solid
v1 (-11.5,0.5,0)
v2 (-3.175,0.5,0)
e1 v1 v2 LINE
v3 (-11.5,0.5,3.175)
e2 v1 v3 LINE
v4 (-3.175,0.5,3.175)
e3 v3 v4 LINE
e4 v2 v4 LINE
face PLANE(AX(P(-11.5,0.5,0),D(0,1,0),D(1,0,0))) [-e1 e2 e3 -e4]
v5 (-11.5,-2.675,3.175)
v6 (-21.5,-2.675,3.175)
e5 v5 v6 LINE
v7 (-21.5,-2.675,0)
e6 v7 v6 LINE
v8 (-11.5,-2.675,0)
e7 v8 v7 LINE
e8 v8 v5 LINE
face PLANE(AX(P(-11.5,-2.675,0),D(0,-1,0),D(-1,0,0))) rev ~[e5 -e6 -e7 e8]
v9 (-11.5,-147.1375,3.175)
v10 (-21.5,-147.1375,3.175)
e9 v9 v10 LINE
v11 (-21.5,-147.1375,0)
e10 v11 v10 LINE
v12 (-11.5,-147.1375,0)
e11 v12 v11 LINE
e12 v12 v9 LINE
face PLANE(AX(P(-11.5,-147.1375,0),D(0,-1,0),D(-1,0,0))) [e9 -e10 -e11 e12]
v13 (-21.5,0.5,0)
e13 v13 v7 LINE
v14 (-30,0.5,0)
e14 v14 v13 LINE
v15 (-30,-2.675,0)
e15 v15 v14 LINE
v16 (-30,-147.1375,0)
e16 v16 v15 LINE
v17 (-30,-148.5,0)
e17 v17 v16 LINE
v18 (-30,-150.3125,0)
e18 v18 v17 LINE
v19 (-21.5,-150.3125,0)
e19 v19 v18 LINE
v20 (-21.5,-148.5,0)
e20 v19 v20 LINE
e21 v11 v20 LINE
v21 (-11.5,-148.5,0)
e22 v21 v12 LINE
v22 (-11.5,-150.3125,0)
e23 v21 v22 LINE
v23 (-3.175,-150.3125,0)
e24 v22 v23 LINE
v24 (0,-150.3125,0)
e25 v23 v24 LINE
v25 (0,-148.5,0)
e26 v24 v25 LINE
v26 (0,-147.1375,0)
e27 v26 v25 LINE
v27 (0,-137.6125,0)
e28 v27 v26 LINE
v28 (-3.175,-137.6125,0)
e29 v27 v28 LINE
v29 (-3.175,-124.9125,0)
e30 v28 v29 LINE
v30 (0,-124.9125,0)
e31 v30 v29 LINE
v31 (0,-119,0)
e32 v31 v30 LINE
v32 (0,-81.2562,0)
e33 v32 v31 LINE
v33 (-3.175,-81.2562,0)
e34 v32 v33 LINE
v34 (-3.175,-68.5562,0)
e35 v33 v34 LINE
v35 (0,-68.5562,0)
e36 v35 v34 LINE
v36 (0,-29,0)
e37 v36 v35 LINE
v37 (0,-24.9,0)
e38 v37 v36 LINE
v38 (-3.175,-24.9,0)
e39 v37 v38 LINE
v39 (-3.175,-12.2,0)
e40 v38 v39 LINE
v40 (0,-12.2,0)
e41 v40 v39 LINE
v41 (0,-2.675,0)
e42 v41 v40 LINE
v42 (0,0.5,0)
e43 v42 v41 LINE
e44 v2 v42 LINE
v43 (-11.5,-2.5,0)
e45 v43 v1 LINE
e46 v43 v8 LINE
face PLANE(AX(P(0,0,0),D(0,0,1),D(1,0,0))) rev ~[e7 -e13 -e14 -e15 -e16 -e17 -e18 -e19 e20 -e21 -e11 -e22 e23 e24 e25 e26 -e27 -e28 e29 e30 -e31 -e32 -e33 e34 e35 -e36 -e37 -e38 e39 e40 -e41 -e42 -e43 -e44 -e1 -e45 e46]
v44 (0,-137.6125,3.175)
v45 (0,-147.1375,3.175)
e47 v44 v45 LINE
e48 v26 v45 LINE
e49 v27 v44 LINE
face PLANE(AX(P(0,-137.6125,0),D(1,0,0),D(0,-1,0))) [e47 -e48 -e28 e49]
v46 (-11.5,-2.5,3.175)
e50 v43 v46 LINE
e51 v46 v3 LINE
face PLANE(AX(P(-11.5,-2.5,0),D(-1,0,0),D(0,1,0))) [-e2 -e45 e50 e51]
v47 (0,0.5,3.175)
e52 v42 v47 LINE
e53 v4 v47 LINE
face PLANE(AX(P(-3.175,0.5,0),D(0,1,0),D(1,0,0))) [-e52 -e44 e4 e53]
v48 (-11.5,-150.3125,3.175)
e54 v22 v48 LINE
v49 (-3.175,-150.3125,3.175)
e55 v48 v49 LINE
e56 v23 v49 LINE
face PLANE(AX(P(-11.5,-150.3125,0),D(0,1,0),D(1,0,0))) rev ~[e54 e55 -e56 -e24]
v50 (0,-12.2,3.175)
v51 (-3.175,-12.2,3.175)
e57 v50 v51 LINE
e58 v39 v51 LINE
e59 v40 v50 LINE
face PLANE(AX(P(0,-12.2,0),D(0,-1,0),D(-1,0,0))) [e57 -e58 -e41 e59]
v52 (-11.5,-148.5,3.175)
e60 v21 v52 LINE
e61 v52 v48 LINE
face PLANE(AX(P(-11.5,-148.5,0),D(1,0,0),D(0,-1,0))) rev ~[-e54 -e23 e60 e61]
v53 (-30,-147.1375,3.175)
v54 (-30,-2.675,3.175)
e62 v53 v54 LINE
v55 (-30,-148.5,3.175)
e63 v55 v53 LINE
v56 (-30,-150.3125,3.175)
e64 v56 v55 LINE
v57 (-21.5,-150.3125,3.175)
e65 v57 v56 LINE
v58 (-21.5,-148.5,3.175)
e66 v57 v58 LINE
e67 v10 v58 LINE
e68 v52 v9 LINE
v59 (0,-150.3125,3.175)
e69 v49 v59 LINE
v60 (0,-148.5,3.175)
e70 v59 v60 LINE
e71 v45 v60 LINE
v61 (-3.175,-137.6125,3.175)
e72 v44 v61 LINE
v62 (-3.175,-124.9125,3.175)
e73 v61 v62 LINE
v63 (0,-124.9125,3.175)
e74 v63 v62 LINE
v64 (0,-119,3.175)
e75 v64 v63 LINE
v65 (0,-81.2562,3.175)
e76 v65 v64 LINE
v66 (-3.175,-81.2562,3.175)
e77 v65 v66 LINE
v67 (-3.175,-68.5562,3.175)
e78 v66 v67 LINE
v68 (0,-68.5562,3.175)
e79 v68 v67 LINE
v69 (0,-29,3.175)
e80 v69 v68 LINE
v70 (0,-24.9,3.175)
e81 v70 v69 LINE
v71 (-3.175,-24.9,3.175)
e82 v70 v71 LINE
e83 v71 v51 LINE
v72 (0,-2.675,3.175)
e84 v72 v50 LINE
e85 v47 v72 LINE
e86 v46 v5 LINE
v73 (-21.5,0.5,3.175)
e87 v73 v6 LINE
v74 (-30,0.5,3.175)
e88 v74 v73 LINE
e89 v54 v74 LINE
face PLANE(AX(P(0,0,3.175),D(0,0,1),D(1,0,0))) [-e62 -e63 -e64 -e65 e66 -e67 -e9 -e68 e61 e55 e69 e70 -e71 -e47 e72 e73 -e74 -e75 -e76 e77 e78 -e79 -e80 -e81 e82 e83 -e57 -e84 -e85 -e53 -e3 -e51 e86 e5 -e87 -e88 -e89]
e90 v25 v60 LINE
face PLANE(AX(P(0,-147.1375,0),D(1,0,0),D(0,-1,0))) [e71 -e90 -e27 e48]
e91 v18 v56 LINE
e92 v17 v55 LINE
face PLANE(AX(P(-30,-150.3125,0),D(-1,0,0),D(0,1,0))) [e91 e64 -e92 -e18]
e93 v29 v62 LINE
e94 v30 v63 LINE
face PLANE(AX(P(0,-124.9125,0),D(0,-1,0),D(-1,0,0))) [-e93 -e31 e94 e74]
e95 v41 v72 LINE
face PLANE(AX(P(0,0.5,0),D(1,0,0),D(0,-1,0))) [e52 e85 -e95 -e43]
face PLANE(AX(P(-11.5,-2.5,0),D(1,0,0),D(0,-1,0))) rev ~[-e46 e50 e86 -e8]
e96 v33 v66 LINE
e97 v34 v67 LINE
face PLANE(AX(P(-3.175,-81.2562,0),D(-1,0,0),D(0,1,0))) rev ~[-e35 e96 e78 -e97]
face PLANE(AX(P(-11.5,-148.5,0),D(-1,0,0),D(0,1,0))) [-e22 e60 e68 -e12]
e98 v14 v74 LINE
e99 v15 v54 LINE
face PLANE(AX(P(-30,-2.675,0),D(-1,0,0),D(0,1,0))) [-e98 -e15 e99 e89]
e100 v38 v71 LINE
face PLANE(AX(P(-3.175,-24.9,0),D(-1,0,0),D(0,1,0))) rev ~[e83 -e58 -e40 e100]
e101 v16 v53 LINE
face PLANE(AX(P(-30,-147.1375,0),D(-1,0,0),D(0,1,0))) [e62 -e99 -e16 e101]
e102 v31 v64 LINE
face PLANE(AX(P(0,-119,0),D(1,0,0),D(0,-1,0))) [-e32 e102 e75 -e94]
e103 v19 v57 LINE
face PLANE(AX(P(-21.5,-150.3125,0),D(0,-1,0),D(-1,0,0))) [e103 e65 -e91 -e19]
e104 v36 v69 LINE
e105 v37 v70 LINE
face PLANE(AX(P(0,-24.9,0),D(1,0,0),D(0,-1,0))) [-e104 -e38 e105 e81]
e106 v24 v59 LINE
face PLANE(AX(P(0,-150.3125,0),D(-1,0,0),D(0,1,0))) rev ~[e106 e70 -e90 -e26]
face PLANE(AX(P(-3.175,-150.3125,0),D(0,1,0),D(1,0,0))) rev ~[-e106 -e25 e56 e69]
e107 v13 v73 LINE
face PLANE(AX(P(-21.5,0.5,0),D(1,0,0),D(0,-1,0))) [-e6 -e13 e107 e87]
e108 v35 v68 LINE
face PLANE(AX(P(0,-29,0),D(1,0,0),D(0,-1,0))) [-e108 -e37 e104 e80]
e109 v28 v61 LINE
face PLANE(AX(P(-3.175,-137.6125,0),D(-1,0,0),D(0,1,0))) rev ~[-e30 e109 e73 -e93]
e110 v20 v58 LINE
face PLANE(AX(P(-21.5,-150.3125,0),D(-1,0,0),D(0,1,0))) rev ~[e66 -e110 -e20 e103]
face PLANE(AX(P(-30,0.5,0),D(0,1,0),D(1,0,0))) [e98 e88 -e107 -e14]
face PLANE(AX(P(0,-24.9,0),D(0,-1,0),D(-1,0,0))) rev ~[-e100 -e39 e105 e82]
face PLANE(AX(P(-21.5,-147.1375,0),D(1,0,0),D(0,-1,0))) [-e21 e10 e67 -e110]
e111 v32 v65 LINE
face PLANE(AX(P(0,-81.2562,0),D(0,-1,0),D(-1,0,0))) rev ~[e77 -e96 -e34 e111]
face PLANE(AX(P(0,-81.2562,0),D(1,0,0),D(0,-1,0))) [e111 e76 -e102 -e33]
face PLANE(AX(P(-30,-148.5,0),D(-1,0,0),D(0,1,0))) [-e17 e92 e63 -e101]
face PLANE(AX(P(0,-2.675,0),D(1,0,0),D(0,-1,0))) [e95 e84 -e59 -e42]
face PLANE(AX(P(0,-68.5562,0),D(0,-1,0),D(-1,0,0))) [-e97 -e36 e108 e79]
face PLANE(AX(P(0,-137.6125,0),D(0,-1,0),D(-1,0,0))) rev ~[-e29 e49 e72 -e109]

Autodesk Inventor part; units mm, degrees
ref_plane "YZ Plane" through (0, 0, 0) normal (1, 0, 0) x (0, 1, 0)
ref_plane "XZ Plane" through (0, 0, 0) normal (0, 1, 0) x (-1, 0, 0)
ref_plane "XY Plane" through (0, 0, 0) normal (0, 0, 1) x (1, 0, 0)
sketch "Sketch1" plane through (0, 0, 0) normal (0, 0, 1) x (1, 0, 0)
  line L0 (-21.5, -147.1375) -> (-21.5, -148.5)
  line L1 (-30, -148.5) -> (-30, 0.5)
  line L2 (-30, 0.5) -> (-21.5, 0.5)
  line L3 (-21.5, 0.5) -> (-21.5, -2.675)
  line L4 (-11.5, -2.5) -> (-11.5, 0.5)
  line L5 (-11.5, 0.5) -> (0, 0.5)
  line L6 (0, 0.5) -> (0, -12.2)
  line L7 (0, -29) -> (0, -68.5562)
  line L8 (0, -81.2562) -> (0, -119)
  line L9 (0, -137.6125) -> (0, -148.5)
  line L10 (-11.5, -148.5) -> (-11.5, -147.1375)
  line L11 (-21.5, -147.1375) -> (-21.5, -148.5)
  line L12 (-30, -148.5) -> (-30, 0.5)
  line L13 (-30, 0.5) -> (-21.5, 0.5)
  line L14 (-21.5, 0.5) -> (-21.5, -2.675)
  line L15 (-11.5, -2.5) -> (-11.5, 0.5)
  line L16 (-11.5, 0.5) -> (0, 0.5)
  line L17 (0, 0.5) -> (0, -12.2)
  line L18 (0, -29) -> (0, -68.5562)
  line L19 (0, -81.2562) -> (0, -119)
  line L20 (0, -137.6125) -> (0, -148.5)
  line L21 (-11.5, -148.5) -> (-11.5, -147.1375)
  line L22 (-30, -150.3125) -> (-30, 0.5)
  line L23 (-11.5, -147.1375) -> (-11.5, -150.3125)
  line L24 (-21.5, -150.3125) -> (-21.5, -147.1375)
  line L25 (-11.5, -150.3125) -> (0, -150.3125)
  line L26 (0, -150.3125) -> (0, -147.1375)
  line L27 (-11.5, -147.1375) -> (-21.5, -147.1375)
  line L28 (-30, -147.1375) -> (-30, -150.3125)
  line L29 (0, -150.3125) -> (-11.5, -150.3125)
  line L30 (-21.5, -150.3125) -> (-30, -150.3125)
  line L31 (-30, 0.5) -> (-21.5, 0.5)
  line L32 (-11.5, 0.5) -> (0, 0.5)
  line L33 (0, 0.5) -> (0, -2.675)
  line L34 (-11.5, -2.675) -> (-21.5, -2.675)
  line L35 (-30, -2.675) -> (-30, 0.5)
  line L36 (-11.5, 0.5) -> (-11.5, -2.675)
  line L37 (-11.5, -2.675) -> (-21.5, -2.675)
  line L38 (-21.5, -2.675) -> (-21.5, 0.5)
  line L39 (-30, 0.5) -> (-21.5, 0.5)
  line L40 (-11.5, 0.5) -> (0, 0.5)
  line L41 (0, 0.5) -> (-3.175, 0.5)
  line L42 (-3.175, -150.3125) -> (0, -150.3125)
  line L43 (-3.175, 0.5) -> (0, 0.5)
  line L44 (0, 0.5) -> (0, -12.2)
  line L45 (0, -12.2) -> (-3.175, -12.2)
  line L46 (-3.175, -12.2) -> (0, -12.2)
  line L47 (0, -24.9) -> (-3.175, -24.9)
  line L48 (-3.175, -24.9) -> (-3.175, -12.2)
  line L49 (-3.175, -24.9) -> (0, -24.9)
  line L50 (0, -24.9) -> (0, -68.5562)
  line L51 (0, -68.5562) -> (-3.175, -68.5562)
  line L52 (-3.175, -68.5562) -> (0, -68.5562)
  line L53 (0, -81.2562) -> (-3.175, -81.2562)
  line L54 (-3.175, -81.2562) -> (-3.175, -68.5562)
  line L55 (-3.175, -81.2562) -> (0, -81.2562)
  line L56 (0, -81.2562) -> (0, -124.9125)
  line L57 (0, -124.9125) -> (-3.175, -124.9125)
  line L58 (-3.175, -124.9125) -> (0, -124.9125)
  line L59 (0, -137.6125) -> (-3.175, -137.6125)
  line L60 (-3.175, -137.6125) -> (-3.175, -124.9125)
  line L61 (-3.175, -150.3125) -> (0, -150.3125)
  line L62 (0, -150.3125) -> (0, -137.6125)
  line L63 (0, -137.6125) -> (-3.175, -137.6125)
  line L64 (0, -137.6125) -> (0, -150.3125)
  line L65 (0, -150.3125) -> (0, -137.6125)
  line L66 (0, -124.9125) -> (0, -81.2562)
  line L67 (0, -81.2562) -> (0, -124.9125)
  line L68 (0, -68.5562) -> (0, -24.9)
  line L69 (0, -12.2) -> (0, 0.5)
  line L70 (0, 0.5) -> (0, -12.2)
  line L71 (0, -24.9) -> (0, -68.5562)
  line L72 (-3.175, -12.2) -> (-3.175, -24.9)
  line L73 (-3.175, -68.5562) -> (-3.175, -81.2562)
  line L74 (-3.175, -124.9125) -> (-3.175, -137.6125)
  point P0 (0, 0)
extrude "Extrusion1" add sketch "Sketch1" along normal blind 3.175
properties part number "1-8inch_Top1_1-Part"
